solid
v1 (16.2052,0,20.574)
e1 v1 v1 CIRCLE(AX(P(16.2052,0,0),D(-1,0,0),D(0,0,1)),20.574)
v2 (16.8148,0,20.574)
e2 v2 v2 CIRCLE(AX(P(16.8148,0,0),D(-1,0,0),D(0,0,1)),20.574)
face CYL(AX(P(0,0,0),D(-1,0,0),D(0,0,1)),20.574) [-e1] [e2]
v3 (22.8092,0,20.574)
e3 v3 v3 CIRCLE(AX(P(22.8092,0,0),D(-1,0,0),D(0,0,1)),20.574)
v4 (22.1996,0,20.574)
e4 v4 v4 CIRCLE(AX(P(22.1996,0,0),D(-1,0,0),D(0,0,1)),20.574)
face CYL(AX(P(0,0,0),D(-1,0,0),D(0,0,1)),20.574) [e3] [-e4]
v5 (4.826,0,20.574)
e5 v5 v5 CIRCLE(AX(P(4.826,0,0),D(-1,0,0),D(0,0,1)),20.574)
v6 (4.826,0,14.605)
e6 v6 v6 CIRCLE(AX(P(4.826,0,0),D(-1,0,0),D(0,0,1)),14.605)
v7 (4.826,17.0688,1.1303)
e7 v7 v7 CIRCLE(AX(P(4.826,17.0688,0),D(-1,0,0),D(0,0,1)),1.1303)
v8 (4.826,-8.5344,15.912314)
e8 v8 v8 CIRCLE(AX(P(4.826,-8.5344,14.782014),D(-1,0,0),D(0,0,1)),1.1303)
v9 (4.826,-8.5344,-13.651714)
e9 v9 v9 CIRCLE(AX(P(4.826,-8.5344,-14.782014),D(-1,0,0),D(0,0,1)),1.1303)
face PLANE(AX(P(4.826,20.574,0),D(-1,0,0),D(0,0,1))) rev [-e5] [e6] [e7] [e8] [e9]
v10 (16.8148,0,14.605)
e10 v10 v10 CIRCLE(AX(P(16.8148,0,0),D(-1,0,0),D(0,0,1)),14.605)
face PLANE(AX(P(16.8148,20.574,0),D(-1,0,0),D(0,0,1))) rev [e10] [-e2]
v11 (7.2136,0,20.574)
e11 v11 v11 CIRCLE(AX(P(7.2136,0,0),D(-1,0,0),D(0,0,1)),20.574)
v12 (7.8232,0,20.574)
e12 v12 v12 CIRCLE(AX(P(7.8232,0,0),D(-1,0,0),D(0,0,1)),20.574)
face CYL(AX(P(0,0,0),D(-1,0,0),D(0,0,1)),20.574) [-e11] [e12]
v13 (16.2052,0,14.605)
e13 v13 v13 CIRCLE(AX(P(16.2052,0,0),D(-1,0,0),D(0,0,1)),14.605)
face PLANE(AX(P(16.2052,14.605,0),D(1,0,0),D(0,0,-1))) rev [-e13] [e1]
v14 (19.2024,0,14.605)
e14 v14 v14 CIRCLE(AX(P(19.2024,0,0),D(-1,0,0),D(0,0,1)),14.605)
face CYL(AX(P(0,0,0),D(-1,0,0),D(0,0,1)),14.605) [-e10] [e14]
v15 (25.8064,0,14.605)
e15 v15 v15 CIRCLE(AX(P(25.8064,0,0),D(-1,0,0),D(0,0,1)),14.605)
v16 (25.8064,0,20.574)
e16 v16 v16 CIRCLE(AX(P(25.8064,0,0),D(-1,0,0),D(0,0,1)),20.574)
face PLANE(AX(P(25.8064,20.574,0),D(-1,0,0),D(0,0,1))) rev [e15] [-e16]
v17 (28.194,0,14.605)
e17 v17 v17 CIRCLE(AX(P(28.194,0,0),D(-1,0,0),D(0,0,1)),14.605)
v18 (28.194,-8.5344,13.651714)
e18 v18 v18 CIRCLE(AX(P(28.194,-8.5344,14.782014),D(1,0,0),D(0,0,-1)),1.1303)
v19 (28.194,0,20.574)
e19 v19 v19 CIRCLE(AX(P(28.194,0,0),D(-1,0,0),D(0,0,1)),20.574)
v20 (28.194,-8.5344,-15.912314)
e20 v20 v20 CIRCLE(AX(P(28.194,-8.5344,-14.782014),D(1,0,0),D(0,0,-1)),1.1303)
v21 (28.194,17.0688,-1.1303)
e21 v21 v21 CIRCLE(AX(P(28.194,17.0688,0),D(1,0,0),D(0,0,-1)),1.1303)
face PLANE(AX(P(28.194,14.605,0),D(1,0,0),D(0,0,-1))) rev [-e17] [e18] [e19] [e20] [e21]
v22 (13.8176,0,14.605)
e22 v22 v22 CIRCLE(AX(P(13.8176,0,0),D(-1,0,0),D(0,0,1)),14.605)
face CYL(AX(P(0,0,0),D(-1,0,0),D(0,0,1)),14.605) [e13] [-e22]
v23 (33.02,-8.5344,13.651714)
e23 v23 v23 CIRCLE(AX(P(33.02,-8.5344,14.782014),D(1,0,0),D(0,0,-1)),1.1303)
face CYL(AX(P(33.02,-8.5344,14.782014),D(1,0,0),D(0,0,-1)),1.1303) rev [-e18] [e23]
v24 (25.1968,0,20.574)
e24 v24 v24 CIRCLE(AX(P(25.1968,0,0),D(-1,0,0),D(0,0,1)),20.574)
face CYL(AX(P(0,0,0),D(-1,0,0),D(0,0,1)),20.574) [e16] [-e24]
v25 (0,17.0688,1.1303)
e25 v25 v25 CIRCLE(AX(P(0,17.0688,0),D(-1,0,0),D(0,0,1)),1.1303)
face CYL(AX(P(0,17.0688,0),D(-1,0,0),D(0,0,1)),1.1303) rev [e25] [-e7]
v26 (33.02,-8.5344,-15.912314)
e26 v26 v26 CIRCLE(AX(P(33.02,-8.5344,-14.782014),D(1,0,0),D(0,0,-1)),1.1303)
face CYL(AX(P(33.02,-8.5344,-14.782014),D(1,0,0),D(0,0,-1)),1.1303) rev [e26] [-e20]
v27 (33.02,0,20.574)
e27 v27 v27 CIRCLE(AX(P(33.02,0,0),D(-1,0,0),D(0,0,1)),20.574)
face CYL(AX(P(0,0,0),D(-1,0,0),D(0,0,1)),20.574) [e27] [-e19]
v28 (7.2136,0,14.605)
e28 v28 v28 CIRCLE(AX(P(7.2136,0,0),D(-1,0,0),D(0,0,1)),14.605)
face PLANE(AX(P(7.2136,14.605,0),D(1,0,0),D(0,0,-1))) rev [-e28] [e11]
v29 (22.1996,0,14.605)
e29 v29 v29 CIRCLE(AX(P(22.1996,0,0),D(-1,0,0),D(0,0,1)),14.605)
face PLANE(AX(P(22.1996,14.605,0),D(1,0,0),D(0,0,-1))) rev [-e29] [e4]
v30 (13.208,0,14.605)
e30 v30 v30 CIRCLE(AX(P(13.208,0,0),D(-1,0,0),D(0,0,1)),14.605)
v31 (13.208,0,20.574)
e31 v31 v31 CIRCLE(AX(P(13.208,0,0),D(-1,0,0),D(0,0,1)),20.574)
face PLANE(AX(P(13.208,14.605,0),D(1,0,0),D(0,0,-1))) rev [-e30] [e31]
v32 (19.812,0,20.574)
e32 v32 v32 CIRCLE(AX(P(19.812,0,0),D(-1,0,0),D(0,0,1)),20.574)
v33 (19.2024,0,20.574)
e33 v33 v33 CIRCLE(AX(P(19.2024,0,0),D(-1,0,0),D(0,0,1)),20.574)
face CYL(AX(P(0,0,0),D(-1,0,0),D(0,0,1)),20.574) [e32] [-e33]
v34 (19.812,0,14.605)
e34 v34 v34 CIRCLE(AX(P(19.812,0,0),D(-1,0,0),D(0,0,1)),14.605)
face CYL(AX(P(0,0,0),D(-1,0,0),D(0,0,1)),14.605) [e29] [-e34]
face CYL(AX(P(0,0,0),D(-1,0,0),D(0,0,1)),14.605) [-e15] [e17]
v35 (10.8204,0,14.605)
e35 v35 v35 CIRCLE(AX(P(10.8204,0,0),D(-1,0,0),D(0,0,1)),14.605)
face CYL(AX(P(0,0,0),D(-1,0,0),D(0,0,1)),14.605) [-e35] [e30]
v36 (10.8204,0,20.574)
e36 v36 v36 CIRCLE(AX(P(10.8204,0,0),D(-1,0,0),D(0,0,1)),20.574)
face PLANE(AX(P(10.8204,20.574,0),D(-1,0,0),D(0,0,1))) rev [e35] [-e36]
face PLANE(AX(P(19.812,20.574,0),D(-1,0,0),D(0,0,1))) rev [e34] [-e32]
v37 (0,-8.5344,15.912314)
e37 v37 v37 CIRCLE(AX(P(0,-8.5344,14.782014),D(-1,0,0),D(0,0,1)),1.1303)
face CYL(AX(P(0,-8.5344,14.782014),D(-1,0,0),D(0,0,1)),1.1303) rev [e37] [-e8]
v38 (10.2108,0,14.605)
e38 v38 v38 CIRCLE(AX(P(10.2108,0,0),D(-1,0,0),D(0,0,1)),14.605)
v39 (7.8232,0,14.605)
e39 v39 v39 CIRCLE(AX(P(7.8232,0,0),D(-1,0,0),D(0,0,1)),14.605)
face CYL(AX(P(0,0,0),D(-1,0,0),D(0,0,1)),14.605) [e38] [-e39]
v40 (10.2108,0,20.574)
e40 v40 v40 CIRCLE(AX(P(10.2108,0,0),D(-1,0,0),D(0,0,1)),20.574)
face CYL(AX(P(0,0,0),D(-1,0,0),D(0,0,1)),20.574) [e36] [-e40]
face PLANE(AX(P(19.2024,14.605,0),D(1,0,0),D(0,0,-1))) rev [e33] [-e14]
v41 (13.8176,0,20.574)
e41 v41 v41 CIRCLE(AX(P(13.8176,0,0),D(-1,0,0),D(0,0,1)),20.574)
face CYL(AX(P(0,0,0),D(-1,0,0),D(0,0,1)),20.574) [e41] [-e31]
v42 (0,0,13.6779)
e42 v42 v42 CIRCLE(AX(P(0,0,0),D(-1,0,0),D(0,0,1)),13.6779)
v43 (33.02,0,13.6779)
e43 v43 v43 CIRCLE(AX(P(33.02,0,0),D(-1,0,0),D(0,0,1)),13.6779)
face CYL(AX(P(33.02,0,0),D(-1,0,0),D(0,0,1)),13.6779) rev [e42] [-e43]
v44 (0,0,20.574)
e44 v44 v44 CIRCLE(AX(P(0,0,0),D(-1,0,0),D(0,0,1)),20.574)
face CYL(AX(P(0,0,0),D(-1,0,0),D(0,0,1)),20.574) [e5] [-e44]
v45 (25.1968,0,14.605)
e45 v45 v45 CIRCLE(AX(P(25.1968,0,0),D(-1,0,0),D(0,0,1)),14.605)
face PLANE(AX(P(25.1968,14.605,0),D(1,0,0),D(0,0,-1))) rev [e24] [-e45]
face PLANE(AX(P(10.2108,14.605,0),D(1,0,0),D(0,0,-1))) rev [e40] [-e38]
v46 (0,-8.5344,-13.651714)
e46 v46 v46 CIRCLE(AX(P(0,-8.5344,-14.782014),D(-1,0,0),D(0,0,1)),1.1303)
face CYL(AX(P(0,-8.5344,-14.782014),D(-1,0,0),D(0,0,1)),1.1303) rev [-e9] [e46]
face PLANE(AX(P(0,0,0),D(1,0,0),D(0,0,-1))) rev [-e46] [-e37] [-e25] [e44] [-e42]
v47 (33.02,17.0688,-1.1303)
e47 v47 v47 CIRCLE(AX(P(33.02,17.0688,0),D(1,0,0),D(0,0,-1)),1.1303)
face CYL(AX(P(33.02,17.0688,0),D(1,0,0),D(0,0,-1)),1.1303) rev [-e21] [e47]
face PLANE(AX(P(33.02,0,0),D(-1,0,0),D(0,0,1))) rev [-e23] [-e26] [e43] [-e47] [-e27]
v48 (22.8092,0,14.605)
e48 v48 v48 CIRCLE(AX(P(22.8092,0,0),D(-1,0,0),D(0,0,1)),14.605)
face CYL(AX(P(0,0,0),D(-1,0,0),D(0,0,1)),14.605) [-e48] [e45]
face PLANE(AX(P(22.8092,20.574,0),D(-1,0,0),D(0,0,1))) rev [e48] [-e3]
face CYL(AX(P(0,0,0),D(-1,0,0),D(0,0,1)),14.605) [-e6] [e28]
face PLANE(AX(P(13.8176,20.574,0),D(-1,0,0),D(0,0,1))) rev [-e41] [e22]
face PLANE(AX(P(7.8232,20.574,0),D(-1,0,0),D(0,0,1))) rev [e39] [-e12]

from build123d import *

# Parameters (mm, degrees)
SKETCH2_R                  = 13.6779
CUT_EXTRUDE1_DEPTH         = 45.010218722
F_4_40_TAPPED_HOLE2_REACH  = 46.01
F_4_40_TAPPED_HOLE2_BORE_R = 1.1303
CIRPATTERN1_COUNT          = 3
F_4_40_TAPPED_HOLE3_REACH  = 46.01
F_4_40_TAPPED_HOLE3_BORE_R = 1.1303
CIRPATTERN2_COUNT          = 3


with BuildPart() as part:
    # Sketch1 → Revolve1 (revolve)
    with BuildSketch(Plane.XY, mode=Mode.PRIVATE) as revolve1_sk:
        Polygon((4.826, 20.574), (4.826, 14.605), (7.2136, 14.605), (7.2136, 20.574), (7.8232, 20.574), (7.8232, 14.605), (10.2108, 14.605), (10.2108, 20.574), (10.8204, 20.574), (10.8204, 14.605), (13.208, 14.605), (13.208, 20.574), (13.8176, 20.574), (13.8176, 14.605), (16.2052, 14.605), (16.2052, 20.574), (16.8148, 20.574), (16.8148, 14.605), (19.2024, 14.605), (19.2024, 20.574), (19.812, 20.574), (19.812, 14.605), (22.1996, 14.605), (22.1996, 20.574), (22.8092, 20.574), (22.8092, 14.605), (25.1968, 14.605), (25.1968, 20.574), (25.8064, 20.574), (25.8064, 14.605), (28.194, 14.605), (28.194, 20.574), (33.02, 20.574), (33.02, 0), (0, 0), (0, 20.574), align=None)
    revolve(revolve1_sk.sketch.rotate(Axis((0, 0, 0), (1, 0, 0)), 90), axis=Axis((0, 0, 0), (1, 0, 0)))

    # Sketch2 → Cut-Extrude1 (cut, through all)
    with BuildSketch(Plane.ZY):
        Circle(SKETCH2_R)
    extrude(amount=-CUT_EXTRUDE1_DEPTH, mode=Mode.SUBTRACT)

    # #4-40 Tapped Hole2 bore → #4-40 Tapped Hole2 (cut, up to next)
    with BuildSketch(Plane.ZY, mode=Mode.PRIVATE) as f_4_40_tapped_hole2_sk1:
        with Locations((0, 17.0688)):
            Circle(F_4_40_TAPPED_HOLE2_BORE_R)
    f_4_40_tapped_hole2_tool1 = extrude(f_4_40_tapped_hole2_sk1.sketch, amount=-F_4_40_TAPPED_HOLE2_REACH, mode=Mode.PRIVATE) & part.part
    f_4_40_tapped_hole2 = f_4_40_tapped_hole2_tool1.solids().sort_by_distance((0, 17.0688, 0))[0]
    add(f_4_40_tapped_hole2, mode=Mode.SUBTRACT)

    # CirPattern1: #4-40 Tapped Hole2 ×3 about axis
    cirpattern1_axis = Axis((0, 0, 0), (1, 0, 0))
    for i in range(1, CIRPATTERN1_COUNT):
        add(f_4_40_tapped_hole2.rotate(cirpattern1_axis, i * 360 / CIRPATTERN1_COUNT), mode=Mode.SUBTRACT)

    # #4-40 Tapped Hole3 bore → #4-40 Tapped Hole3 (cut, up to next)
    with BuildSketch(Plane(origin=(33.02, 0, 0), x_dir=(0, 0, -1), z_dir=(1, 0, 0)), mode=Mode.PRIVATE) as f_4_40_tapped_hole3_sk1:
        with Locations((0, 17.0688)):
            Circle(F_4_40_TAPPED_HOLE3_BORE_R)
    f_4_40_tapped_hole3_tool1 = extrude(f_4_40_tapped_hole3_sk1.sketch, amount=-F_4_40_TAPPED_HOLE3_REACH, mode=Mode.PRIVATE) & part.part
    f_4_40_tapped_hole3 = f_4_40_tapped_hole3_tool1.solids().sort_by_distance((33.02, 17.0688, 0))[0]
    add(f_4_40_tapped_hole3, mode=Mode.SUBTRACT)

    # CirPattern2: #4-40 Tapped Hole3 ×3 about axis
    cirpattern2_axis = Axis((0, 0, 0), (1, 0, 0))
    for i in range(1, CIRPATTERN2_COUNT):
        add(f_4_40_tapped_hole3.rotate(cirpattern2_axis, i * 360 / CIRPATTERN2_COUNT), mode=Mode.SUBTRACT)


solid = part.part
